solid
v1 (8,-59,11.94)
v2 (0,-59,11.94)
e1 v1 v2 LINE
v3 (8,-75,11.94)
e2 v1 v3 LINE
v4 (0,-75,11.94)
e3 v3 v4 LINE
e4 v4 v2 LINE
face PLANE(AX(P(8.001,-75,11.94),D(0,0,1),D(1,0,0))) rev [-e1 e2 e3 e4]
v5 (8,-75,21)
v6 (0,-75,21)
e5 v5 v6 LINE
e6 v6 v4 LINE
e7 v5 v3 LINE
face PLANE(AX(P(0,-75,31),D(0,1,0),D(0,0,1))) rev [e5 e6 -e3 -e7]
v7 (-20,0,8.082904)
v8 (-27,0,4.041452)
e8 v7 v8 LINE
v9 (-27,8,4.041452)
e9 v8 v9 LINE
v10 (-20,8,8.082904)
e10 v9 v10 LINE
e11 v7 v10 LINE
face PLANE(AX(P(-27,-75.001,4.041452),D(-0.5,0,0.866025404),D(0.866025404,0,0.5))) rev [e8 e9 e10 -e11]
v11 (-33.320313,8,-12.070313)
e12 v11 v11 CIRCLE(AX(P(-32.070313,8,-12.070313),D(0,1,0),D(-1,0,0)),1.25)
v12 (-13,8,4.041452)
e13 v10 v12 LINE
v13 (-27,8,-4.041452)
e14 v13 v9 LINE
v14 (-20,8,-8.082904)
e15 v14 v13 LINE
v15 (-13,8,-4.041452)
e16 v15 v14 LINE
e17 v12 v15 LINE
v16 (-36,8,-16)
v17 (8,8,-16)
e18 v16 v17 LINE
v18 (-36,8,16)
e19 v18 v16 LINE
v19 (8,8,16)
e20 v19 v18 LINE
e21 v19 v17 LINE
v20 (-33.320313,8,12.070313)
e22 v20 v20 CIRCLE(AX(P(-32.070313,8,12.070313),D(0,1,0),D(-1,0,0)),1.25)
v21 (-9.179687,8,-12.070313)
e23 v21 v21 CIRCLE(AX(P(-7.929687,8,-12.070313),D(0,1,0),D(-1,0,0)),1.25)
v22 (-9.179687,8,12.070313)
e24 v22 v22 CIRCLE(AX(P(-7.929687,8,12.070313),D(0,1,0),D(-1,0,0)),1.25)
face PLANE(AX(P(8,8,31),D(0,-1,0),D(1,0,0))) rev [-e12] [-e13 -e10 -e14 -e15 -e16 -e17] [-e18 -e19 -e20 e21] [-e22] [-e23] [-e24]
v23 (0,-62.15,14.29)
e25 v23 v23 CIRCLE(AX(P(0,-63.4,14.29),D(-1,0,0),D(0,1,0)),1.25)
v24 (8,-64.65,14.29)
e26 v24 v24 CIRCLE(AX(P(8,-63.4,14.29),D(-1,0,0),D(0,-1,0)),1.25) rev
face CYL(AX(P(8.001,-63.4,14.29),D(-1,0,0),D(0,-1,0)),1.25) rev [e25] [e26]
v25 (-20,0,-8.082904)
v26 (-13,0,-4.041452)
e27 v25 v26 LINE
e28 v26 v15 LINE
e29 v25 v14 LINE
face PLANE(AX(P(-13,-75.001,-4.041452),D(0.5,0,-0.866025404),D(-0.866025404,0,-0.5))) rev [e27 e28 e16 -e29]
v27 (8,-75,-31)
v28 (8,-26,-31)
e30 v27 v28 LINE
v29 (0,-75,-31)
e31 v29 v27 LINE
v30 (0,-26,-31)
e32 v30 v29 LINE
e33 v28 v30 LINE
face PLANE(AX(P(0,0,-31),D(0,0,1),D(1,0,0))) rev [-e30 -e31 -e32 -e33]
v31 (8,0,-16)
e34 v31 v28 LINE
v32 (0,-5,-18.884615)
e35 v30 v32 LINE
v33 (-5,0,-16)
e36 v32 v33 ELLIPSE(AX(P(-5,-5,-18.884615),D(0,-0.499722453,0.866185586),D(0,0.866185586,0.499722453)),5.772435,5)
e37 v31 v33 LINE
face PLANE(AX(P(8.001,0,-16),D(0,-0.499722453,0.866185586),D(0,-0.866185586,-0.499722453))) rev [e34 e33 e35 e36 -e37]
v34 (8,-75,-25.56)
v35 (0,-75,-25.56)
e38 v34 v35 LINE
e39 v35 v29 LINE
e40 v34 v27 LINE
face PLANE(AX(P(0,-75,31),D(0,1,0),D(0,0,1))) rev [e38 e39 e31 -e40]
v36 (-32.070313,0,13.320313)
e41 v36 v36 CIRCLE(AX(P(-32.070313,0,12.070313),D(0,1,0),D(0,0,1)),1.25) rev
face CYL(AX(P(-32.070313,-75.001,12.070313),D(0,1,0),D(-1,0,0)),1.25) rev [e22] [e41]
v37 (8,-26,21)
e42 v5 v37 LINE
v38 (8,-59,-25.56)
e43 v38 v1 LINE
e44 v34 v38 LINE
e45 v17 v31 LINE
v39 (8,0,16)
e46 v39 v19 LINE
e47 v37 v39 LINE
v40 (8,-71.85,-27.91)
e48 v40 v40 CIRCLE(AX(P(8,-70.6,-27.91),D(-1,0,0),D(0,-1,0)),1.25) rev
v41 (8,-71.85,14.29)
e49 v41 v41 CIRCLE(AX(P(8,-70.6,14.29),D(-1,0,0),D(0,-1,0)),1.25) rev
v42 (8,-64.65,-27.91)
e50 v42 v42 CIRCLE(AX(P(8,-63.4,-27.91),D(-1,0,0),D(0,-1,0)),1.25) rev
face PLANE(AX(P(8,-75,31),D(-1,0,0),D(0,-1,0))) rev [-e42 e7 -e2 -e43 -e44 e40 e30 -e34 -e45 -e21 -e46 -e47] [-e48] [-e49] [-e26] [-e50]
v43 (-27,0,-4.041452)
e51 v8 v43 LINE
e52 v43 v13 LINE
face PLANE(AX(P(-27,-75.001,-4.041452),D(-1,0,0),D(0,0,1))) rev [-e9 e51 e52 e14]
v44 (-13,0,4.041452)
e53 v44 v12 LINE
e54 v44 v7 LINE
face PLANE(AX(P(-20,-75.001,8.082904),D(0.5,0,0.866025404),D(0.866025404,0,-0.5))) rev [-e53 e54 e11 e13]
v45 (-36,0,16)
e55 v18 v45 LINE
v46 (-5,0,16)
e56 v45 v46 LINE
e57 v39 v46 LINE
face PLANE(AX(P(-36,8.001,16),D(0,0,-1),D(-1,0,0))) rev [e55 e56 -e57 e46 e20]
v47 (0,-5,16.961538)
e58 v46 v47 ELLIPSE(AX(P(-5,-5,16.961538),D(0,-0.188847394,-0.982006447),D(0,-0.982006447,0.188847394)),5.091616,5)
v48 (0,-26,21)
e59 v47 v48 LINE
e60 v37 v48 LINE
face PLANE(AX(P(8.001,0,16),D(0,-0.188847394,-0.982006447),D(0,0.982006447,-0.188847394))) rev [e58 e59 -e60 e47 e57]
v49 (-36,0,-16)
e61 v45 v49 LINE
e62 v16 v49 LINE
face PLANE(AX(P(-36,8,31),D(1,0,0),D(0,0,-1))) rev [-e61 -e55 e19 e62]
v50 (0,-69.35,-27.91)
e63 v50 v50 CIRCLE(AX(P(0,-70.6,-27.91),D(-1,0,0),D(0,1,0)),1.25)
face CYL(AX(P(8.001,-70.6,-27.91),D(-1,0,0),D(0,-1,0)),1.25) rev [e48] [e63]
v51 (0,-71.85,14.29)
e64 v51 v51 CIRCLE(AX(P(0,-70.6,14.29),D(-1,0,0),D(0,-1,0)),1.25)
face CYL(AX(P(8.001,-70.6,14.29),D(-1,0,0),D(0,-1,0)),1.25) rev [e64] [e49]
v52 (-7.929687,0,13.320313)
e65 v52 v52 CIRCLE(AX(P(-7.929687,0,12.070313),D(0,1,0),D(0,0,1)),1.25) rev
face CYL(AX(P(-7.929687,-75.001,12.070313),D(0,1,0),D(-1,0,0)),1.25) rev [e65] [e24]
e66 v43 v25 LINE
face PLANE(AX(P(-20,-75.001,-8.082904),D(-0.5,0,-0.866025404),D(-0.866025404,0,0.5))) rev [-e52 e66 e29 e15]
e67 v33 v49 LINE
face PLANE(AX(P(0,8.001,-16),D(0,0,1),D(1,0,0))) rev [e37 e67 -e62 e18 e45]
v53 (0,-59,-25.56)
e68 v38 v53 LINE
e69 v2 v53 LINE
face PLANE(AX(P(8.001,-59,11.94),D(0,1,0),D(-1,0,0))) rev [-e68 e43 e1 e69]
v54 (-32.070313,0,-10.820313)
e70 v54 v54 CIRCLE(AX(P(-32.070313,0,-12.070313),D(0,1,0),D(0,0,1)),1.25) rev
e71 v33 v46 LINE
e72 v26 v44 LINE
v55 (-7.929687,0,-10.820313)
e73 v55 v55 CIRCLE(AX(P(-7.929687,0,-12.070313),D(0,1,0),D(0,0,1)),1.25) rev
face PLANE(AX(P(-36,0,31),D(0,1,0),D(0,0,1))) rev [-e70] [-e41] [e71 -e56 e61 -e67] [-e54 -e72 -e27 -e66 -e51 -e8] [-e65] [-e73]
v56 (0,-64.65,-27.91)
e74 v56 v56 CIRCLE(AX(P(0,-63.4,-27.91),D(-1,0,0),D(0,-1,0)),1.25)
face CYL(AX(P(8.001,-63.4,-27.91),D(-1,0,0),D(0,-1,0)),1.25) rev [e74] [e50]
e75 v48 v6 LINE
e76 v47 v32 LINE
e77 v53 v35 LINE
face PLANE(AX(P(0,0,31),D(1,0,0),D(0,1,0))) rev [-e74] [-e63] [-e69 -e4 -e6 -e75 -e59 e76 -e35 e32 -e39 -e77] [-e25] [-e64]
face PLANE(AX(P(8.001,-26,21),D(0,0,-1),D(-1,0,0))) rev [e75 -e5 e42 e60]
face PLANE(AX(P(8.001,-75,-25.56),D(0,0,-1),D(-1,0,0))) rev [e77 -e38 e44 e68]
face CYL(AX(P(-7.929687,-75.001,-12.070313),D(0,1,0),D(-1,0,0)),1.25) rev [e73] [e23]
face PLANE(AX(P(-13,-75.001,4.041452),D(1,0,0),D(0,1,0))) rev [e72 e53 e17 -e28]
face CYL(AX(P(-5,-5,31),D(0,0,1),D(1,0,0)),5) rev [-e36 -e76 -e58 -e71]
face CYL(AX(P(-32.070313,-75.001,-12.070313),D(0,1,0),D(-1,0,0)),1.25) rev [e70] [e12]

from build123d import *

# Parameters (mm, degrees)
BOSS_EXTRUDE1_DEPTH = 31
CUT_EXTRUDE1_REACH  = 97.635
SKETCH2_R           = 1.25
CUT_EXTRUDE2_REACH  = 90.781
SKETCH3_W           = 37.5
SKETCH3_H           = 16
CUT_EXTRUDE3_REACH  = 90.781
SKETCH4_R           = 1.25
CUT_EXTRUDE4_REACH  = 90.781
SKETCH6_W           = 36
SKETCH6_H           = 15
CUT_EXTRUDE5_REACH  = 90.781
FILLET1_R           = 5


with BuildPart() as part:
    # Sketch1 → Boss-Extrude1 (new, symmetric)
    with BuildSketch(Plane.XY):
        Polygon((-36, 0), (0, 0), (0, -75), (8, -75), (8, 8), (-36, 8), align=None)
    extrude(amount=BOSS_EXTRUDE1_DEPTH, both=True)

    # Sketch2 → Cut-Extrude1 (cut, up to next)
    with BuildSketch(Plane(origin=(0, 8, 0), x_dir=(1, 0, 0), z_dir=(0, 1, 0)), mode=Mode.PRIVATE) as cut_extrude1_sk1:
        with Locations(Location((-32.070312755, -12.070312755, 0), (0, 0, 180))):
            Circle(SKETCH2_R)
    cut_extrude1_tool1 = extrude(cut_extrude1_sk1.sketch, amount=-CUT_EXTRUDE1_REACH, mode=Mode.PRIVATE) & part.part
    # Sketch2 → Cut-Extrude1 (cut, up to next)
    with BuildSketch(Plane(origin=(0, 8, 0), x_dir=(1, 0, 0), z_dir=(0, 1, 0)), mode=Mode.PRIVATE) as cut_extrude1_sk2:
        with Locations(Location((-32.070312755, 12.070312755, 0), (0, 0, 180))):
            Circle(SKETCH2_R)
    cut_extrude1_tool2 = extrude(cut_extrude1_sk2.sketch, amount=-CUT_EXTRUDE1_REACH, mode=Mode.PRIVATE) & part.part
    # Sketch2 → Cut-Extrude1 (cut, up to next)
    with BuildSketch(Plane(origin=(0, 8, 0), x_dir=(1, 0, 0), z_dir=(0, 1, 0)), mode=Mode.PRIVATE) as cut_extrude1_sk3:
        with Locations(Location((-7.929687245, 12.070312755, 0), (0, 0, 180))):
            Circle(SKETCH2_R)
    cut_extrude1_tool3 = extrude(cut_extrude1_sk3.sketch, amount=-CUT_EXTRUDE1_REACH, mode=Mode.PRIVATE) & part.part
    # Sketch2 → Cut-Extrude1 (cut, up to next)
    with BuildSketch(Plane(origin=(0, 8, 0), x_dir=(1, 0, 0), z_dir=(0, 1, 0)), mode=Mode.PRIVATE) as cut_extrude1_sk4:
        with Locations(Location((-7.929687245, -12.070312755, 0), (0, 0, 180))):
            Circle(SKETCH2_R)
    cut_extrude1_tool4 = extrude(cut_extrude1_sk4.sketch, amount=-CUT_EXTRUDE1_REACH, mode=Mode.PRIVATE) & part.part
    # Sketch2 → Cut-Extrude1 (cut, up to next)
    with BuildSketch(Plane(origin=(0, 8, 0), x_dir=(1, 0, 0), z_dir=(0, 1, 0)), mode=Mode.PRIVATE) as cut_extrude1_sk5:
        Polygon((-13, 4.041451884), (-20, 8.082903769), (-27, 4.041451884), (-27, -4.041451884), (-20, -8.082903769), (-13, -4.041451884), align=None)
    cut_extrude1_tool5 = extrude(cut_extrude1_sk5.sketch, amount=-CUT_EXTRUDE1_REACH, mode=Mode.PRIVATE) & part.part
    add(cut_extrude1_tool1.solids().sort_by_distance((-32.070313, 8, 12.070313))[0], mode=Mode.SUBTRACT)
    add(cut_extrude1_tool2.solids().sort_by_distance((-32.070313, 8, -12.070313))[0], mode=Mode.SUBTRACT)
    add(cut_extrude1_tool3.solids().sort_by_distance((-7.929687, 8, -12.070313))[0], mode=Mode.SUBTRACT)
    add(cut_extrude1_tool4.solids().sort_by_distance((-7.929687, 8, 12.070313))[0], mode=Mode.SUBTRACT)
    add(cut_extrude1_tool5.solids().sort_by_distance((-20, 8, 0))[0], mode=Mode.SUBTRACT)

    # Sketch3 → Cut-Extrude2 (cut, up to next)
    with BuildSketch(Plane.ZY, mode=Mode.PRIVATE) as cut_extrude2_sk1:
        with Locations((-6.81, -67)):
            Rectangle(SKETCH3_W, SKETCH3_H)
    cut_extrude2_tool1 = extrude(cut_extrude2_sk1.sketch, amount=-CUT_EXTRUDE2_REACH, mode=Mode.PRIVATE) & part.part
    add(cut_extrude2_tool1.solids().sort_by_distance((0, -67, -6.81))[0], mode=Mode.SUBTRACT)

    # Sketch4 → Cut-Extrude3 (cut, up to next)
    with BuildSketch(Plane.ZY, mode=Mode.PRIVATE) as cut_extrude3_sk1:
        with Locations(Location((14.29, -70.6, 0), (0, 0, 270))):
            Circle(SKETCH4_R)
    cut_extrude3_tool1 = extrude(cut_extrude3_sk1.sketch, amount=-CUT_EXTRUDE3_REACH, mode=Mode.PRIVATE) & part.part
    # Sketch4 → Cut-Extrude3 (cut, up to next)
    with BuildSketch(Plane.ZY, mode=Mode.PRIVATE) as cut_extrude3_sk2:
        with Locations(Location((14.29, -63.4, 0), (0, 0, 270))):
            Circle(SKETCH4_R)
    cut_extrude3_tool2 = extrude(cut_extrude3_sk2.sketch, amount=-CUT_EXTRUDE3_REACH, mode=Mode.PRIVATE) & part.part
    # Sketch4 → Cut-Extrude3 (cut, up to next)
    with BuildSketch(Plane.ZY, mode=Mode.PRIVATE) as cut_extrude3_sk3:
        with Locations(Location((-27.91, -63.4, 0), (0, 0, 270))):
            Circle(SKETCH4_R)
    cut_extrude3_tool3 = extrude(cut_extrude3_sk3.sketch, amount=-CUT_EXTRUDE3_REACH, mode=Mode.PRIVATE) & part.part
    # Sketch4 → Cut-Extrude3 (cut, up to next)
    with BuildSketch(Plane.ZY, mode=Mode.PRIVATE) as cut_extrude3_sk4:
        with Locations(Location((-27.91, -70.6, 0), (0, 0, 270))):
            Circle(SKETCH4_R)
    cut_extrude3_tool4 = extrude(cut_extrude3_sk4.sketch, amount=-CUT_EXTRUDE3_REACH, mode=Mode.PRIVATE) & part.part
    add(cut_extrude3_tool1.solids().sort_by_distance((0, -70.6, 14.29))[0], mode=Mode.SUBTRACT)
    add(cut_extrude3_tool2.solids().sort_by_distance((0, -63.4, 14.29))[0], mode=Mode.SUBTRACT)
    add(cut_extrude3_tool3.solids().sort_by_distance((0, -63.4, -27.91))[0], mode=Mode.SUBTRACT)
    add(cut_extrude3_tool4.solids().sort_by_distance((0, -70.6, -27.91))[0], mode=Mode.SUBTRACT)

    # Sketch6 → Cut-Extrude4 (cut, up to next)
    with BuildSketch(Plane.XZ, mode=Mode.PRIVATE) as cut_extrude4_sk1:
        with Locations((-18, -23.5)):
            Rectangle(SKETCH6_W, SKETCH6_H)
    cut_extrude4_tool1 = extrude(cut_extrude4_sk1.sketch, amount=-CUT_EXTRUDE4_REACH, mode=Mode.PRIVATE) & part.part
    # Sketch6 → Cut-Extrude4 (cut, up to next)
    with BuildSketch(Plane.XZ, mode=Mode.PRIVATE) as cut_extrude4_sk2:
        with Locations((-18, 23.5)):
            Rectangle(SKETCH6_W, SKETCH6_H)
    cut_extrude4_tool2 = extrude(cut_extrude4_sk2.sketch, amount=-CUT_EXTRUDE4_REACH, mode=Mode.PRIVATE) & part.part
    add(cut_extrude4_tool1.solids().sort_by_distance((-18, 0, -23.5))[0], mode=Mode.SUBTRACT)
    add(cut_extrude4_tool2.solids().sort_by_distance((-18, 0, 23.5))[0], mode=Mode.SUBTRACT)

    # Sketch7 → Cut-Extrude5 (cut, up to next)
    with BuildSketch(Plane.ZY, mode=Mode.PRIVATE) as cut_extrude5_sk1:
        Polygon((-16, 0), (-31, -26), (-31, 8), (-16, 8), align=None)
    cut_extrude5_tool1 = extrude(cut_extrude5_sk1.sketch, amount=-CUT_EXTRUDE5_REACH, mode=Mode.PRIVATE) & part.part
    # Sketch7 → Cut-Extrude5 (cut, up to next)
    with BuildSketch(Plane.ZY, mode=Mode.PRIVATE) as cut_extrude5_sk2:
        Polygon((16, 0), (21, -26), (21, -75), (31, -75), (31, 8), (16, 8), align=None)
    cut_extrude5_tool2 = extrude(cut_extrude5_sk2.sketch, amount=-CUT_EXTRUDE5_REACH, mode=Mode.PRIVATE) & part.part
    add(cut_extrude5_tool1.solids().sort_by_distance((0, -3.84127, -25.047619))[0], mode=Mode.SUBTRACT)
    add(cut_extrude5_tool2.solids().sort_by_distance((0, -30.16934, 25.215686))[0], mode=Mode.SUBTRACT)

    # Fillet1
    fillet1_edges = [part.edges().sort_by_distance(p)[0] for p in [
        (0, 0, 0),
    ]]
    fillet(fillet1_edges, radius=FILLET1_R)


solid = part.part
